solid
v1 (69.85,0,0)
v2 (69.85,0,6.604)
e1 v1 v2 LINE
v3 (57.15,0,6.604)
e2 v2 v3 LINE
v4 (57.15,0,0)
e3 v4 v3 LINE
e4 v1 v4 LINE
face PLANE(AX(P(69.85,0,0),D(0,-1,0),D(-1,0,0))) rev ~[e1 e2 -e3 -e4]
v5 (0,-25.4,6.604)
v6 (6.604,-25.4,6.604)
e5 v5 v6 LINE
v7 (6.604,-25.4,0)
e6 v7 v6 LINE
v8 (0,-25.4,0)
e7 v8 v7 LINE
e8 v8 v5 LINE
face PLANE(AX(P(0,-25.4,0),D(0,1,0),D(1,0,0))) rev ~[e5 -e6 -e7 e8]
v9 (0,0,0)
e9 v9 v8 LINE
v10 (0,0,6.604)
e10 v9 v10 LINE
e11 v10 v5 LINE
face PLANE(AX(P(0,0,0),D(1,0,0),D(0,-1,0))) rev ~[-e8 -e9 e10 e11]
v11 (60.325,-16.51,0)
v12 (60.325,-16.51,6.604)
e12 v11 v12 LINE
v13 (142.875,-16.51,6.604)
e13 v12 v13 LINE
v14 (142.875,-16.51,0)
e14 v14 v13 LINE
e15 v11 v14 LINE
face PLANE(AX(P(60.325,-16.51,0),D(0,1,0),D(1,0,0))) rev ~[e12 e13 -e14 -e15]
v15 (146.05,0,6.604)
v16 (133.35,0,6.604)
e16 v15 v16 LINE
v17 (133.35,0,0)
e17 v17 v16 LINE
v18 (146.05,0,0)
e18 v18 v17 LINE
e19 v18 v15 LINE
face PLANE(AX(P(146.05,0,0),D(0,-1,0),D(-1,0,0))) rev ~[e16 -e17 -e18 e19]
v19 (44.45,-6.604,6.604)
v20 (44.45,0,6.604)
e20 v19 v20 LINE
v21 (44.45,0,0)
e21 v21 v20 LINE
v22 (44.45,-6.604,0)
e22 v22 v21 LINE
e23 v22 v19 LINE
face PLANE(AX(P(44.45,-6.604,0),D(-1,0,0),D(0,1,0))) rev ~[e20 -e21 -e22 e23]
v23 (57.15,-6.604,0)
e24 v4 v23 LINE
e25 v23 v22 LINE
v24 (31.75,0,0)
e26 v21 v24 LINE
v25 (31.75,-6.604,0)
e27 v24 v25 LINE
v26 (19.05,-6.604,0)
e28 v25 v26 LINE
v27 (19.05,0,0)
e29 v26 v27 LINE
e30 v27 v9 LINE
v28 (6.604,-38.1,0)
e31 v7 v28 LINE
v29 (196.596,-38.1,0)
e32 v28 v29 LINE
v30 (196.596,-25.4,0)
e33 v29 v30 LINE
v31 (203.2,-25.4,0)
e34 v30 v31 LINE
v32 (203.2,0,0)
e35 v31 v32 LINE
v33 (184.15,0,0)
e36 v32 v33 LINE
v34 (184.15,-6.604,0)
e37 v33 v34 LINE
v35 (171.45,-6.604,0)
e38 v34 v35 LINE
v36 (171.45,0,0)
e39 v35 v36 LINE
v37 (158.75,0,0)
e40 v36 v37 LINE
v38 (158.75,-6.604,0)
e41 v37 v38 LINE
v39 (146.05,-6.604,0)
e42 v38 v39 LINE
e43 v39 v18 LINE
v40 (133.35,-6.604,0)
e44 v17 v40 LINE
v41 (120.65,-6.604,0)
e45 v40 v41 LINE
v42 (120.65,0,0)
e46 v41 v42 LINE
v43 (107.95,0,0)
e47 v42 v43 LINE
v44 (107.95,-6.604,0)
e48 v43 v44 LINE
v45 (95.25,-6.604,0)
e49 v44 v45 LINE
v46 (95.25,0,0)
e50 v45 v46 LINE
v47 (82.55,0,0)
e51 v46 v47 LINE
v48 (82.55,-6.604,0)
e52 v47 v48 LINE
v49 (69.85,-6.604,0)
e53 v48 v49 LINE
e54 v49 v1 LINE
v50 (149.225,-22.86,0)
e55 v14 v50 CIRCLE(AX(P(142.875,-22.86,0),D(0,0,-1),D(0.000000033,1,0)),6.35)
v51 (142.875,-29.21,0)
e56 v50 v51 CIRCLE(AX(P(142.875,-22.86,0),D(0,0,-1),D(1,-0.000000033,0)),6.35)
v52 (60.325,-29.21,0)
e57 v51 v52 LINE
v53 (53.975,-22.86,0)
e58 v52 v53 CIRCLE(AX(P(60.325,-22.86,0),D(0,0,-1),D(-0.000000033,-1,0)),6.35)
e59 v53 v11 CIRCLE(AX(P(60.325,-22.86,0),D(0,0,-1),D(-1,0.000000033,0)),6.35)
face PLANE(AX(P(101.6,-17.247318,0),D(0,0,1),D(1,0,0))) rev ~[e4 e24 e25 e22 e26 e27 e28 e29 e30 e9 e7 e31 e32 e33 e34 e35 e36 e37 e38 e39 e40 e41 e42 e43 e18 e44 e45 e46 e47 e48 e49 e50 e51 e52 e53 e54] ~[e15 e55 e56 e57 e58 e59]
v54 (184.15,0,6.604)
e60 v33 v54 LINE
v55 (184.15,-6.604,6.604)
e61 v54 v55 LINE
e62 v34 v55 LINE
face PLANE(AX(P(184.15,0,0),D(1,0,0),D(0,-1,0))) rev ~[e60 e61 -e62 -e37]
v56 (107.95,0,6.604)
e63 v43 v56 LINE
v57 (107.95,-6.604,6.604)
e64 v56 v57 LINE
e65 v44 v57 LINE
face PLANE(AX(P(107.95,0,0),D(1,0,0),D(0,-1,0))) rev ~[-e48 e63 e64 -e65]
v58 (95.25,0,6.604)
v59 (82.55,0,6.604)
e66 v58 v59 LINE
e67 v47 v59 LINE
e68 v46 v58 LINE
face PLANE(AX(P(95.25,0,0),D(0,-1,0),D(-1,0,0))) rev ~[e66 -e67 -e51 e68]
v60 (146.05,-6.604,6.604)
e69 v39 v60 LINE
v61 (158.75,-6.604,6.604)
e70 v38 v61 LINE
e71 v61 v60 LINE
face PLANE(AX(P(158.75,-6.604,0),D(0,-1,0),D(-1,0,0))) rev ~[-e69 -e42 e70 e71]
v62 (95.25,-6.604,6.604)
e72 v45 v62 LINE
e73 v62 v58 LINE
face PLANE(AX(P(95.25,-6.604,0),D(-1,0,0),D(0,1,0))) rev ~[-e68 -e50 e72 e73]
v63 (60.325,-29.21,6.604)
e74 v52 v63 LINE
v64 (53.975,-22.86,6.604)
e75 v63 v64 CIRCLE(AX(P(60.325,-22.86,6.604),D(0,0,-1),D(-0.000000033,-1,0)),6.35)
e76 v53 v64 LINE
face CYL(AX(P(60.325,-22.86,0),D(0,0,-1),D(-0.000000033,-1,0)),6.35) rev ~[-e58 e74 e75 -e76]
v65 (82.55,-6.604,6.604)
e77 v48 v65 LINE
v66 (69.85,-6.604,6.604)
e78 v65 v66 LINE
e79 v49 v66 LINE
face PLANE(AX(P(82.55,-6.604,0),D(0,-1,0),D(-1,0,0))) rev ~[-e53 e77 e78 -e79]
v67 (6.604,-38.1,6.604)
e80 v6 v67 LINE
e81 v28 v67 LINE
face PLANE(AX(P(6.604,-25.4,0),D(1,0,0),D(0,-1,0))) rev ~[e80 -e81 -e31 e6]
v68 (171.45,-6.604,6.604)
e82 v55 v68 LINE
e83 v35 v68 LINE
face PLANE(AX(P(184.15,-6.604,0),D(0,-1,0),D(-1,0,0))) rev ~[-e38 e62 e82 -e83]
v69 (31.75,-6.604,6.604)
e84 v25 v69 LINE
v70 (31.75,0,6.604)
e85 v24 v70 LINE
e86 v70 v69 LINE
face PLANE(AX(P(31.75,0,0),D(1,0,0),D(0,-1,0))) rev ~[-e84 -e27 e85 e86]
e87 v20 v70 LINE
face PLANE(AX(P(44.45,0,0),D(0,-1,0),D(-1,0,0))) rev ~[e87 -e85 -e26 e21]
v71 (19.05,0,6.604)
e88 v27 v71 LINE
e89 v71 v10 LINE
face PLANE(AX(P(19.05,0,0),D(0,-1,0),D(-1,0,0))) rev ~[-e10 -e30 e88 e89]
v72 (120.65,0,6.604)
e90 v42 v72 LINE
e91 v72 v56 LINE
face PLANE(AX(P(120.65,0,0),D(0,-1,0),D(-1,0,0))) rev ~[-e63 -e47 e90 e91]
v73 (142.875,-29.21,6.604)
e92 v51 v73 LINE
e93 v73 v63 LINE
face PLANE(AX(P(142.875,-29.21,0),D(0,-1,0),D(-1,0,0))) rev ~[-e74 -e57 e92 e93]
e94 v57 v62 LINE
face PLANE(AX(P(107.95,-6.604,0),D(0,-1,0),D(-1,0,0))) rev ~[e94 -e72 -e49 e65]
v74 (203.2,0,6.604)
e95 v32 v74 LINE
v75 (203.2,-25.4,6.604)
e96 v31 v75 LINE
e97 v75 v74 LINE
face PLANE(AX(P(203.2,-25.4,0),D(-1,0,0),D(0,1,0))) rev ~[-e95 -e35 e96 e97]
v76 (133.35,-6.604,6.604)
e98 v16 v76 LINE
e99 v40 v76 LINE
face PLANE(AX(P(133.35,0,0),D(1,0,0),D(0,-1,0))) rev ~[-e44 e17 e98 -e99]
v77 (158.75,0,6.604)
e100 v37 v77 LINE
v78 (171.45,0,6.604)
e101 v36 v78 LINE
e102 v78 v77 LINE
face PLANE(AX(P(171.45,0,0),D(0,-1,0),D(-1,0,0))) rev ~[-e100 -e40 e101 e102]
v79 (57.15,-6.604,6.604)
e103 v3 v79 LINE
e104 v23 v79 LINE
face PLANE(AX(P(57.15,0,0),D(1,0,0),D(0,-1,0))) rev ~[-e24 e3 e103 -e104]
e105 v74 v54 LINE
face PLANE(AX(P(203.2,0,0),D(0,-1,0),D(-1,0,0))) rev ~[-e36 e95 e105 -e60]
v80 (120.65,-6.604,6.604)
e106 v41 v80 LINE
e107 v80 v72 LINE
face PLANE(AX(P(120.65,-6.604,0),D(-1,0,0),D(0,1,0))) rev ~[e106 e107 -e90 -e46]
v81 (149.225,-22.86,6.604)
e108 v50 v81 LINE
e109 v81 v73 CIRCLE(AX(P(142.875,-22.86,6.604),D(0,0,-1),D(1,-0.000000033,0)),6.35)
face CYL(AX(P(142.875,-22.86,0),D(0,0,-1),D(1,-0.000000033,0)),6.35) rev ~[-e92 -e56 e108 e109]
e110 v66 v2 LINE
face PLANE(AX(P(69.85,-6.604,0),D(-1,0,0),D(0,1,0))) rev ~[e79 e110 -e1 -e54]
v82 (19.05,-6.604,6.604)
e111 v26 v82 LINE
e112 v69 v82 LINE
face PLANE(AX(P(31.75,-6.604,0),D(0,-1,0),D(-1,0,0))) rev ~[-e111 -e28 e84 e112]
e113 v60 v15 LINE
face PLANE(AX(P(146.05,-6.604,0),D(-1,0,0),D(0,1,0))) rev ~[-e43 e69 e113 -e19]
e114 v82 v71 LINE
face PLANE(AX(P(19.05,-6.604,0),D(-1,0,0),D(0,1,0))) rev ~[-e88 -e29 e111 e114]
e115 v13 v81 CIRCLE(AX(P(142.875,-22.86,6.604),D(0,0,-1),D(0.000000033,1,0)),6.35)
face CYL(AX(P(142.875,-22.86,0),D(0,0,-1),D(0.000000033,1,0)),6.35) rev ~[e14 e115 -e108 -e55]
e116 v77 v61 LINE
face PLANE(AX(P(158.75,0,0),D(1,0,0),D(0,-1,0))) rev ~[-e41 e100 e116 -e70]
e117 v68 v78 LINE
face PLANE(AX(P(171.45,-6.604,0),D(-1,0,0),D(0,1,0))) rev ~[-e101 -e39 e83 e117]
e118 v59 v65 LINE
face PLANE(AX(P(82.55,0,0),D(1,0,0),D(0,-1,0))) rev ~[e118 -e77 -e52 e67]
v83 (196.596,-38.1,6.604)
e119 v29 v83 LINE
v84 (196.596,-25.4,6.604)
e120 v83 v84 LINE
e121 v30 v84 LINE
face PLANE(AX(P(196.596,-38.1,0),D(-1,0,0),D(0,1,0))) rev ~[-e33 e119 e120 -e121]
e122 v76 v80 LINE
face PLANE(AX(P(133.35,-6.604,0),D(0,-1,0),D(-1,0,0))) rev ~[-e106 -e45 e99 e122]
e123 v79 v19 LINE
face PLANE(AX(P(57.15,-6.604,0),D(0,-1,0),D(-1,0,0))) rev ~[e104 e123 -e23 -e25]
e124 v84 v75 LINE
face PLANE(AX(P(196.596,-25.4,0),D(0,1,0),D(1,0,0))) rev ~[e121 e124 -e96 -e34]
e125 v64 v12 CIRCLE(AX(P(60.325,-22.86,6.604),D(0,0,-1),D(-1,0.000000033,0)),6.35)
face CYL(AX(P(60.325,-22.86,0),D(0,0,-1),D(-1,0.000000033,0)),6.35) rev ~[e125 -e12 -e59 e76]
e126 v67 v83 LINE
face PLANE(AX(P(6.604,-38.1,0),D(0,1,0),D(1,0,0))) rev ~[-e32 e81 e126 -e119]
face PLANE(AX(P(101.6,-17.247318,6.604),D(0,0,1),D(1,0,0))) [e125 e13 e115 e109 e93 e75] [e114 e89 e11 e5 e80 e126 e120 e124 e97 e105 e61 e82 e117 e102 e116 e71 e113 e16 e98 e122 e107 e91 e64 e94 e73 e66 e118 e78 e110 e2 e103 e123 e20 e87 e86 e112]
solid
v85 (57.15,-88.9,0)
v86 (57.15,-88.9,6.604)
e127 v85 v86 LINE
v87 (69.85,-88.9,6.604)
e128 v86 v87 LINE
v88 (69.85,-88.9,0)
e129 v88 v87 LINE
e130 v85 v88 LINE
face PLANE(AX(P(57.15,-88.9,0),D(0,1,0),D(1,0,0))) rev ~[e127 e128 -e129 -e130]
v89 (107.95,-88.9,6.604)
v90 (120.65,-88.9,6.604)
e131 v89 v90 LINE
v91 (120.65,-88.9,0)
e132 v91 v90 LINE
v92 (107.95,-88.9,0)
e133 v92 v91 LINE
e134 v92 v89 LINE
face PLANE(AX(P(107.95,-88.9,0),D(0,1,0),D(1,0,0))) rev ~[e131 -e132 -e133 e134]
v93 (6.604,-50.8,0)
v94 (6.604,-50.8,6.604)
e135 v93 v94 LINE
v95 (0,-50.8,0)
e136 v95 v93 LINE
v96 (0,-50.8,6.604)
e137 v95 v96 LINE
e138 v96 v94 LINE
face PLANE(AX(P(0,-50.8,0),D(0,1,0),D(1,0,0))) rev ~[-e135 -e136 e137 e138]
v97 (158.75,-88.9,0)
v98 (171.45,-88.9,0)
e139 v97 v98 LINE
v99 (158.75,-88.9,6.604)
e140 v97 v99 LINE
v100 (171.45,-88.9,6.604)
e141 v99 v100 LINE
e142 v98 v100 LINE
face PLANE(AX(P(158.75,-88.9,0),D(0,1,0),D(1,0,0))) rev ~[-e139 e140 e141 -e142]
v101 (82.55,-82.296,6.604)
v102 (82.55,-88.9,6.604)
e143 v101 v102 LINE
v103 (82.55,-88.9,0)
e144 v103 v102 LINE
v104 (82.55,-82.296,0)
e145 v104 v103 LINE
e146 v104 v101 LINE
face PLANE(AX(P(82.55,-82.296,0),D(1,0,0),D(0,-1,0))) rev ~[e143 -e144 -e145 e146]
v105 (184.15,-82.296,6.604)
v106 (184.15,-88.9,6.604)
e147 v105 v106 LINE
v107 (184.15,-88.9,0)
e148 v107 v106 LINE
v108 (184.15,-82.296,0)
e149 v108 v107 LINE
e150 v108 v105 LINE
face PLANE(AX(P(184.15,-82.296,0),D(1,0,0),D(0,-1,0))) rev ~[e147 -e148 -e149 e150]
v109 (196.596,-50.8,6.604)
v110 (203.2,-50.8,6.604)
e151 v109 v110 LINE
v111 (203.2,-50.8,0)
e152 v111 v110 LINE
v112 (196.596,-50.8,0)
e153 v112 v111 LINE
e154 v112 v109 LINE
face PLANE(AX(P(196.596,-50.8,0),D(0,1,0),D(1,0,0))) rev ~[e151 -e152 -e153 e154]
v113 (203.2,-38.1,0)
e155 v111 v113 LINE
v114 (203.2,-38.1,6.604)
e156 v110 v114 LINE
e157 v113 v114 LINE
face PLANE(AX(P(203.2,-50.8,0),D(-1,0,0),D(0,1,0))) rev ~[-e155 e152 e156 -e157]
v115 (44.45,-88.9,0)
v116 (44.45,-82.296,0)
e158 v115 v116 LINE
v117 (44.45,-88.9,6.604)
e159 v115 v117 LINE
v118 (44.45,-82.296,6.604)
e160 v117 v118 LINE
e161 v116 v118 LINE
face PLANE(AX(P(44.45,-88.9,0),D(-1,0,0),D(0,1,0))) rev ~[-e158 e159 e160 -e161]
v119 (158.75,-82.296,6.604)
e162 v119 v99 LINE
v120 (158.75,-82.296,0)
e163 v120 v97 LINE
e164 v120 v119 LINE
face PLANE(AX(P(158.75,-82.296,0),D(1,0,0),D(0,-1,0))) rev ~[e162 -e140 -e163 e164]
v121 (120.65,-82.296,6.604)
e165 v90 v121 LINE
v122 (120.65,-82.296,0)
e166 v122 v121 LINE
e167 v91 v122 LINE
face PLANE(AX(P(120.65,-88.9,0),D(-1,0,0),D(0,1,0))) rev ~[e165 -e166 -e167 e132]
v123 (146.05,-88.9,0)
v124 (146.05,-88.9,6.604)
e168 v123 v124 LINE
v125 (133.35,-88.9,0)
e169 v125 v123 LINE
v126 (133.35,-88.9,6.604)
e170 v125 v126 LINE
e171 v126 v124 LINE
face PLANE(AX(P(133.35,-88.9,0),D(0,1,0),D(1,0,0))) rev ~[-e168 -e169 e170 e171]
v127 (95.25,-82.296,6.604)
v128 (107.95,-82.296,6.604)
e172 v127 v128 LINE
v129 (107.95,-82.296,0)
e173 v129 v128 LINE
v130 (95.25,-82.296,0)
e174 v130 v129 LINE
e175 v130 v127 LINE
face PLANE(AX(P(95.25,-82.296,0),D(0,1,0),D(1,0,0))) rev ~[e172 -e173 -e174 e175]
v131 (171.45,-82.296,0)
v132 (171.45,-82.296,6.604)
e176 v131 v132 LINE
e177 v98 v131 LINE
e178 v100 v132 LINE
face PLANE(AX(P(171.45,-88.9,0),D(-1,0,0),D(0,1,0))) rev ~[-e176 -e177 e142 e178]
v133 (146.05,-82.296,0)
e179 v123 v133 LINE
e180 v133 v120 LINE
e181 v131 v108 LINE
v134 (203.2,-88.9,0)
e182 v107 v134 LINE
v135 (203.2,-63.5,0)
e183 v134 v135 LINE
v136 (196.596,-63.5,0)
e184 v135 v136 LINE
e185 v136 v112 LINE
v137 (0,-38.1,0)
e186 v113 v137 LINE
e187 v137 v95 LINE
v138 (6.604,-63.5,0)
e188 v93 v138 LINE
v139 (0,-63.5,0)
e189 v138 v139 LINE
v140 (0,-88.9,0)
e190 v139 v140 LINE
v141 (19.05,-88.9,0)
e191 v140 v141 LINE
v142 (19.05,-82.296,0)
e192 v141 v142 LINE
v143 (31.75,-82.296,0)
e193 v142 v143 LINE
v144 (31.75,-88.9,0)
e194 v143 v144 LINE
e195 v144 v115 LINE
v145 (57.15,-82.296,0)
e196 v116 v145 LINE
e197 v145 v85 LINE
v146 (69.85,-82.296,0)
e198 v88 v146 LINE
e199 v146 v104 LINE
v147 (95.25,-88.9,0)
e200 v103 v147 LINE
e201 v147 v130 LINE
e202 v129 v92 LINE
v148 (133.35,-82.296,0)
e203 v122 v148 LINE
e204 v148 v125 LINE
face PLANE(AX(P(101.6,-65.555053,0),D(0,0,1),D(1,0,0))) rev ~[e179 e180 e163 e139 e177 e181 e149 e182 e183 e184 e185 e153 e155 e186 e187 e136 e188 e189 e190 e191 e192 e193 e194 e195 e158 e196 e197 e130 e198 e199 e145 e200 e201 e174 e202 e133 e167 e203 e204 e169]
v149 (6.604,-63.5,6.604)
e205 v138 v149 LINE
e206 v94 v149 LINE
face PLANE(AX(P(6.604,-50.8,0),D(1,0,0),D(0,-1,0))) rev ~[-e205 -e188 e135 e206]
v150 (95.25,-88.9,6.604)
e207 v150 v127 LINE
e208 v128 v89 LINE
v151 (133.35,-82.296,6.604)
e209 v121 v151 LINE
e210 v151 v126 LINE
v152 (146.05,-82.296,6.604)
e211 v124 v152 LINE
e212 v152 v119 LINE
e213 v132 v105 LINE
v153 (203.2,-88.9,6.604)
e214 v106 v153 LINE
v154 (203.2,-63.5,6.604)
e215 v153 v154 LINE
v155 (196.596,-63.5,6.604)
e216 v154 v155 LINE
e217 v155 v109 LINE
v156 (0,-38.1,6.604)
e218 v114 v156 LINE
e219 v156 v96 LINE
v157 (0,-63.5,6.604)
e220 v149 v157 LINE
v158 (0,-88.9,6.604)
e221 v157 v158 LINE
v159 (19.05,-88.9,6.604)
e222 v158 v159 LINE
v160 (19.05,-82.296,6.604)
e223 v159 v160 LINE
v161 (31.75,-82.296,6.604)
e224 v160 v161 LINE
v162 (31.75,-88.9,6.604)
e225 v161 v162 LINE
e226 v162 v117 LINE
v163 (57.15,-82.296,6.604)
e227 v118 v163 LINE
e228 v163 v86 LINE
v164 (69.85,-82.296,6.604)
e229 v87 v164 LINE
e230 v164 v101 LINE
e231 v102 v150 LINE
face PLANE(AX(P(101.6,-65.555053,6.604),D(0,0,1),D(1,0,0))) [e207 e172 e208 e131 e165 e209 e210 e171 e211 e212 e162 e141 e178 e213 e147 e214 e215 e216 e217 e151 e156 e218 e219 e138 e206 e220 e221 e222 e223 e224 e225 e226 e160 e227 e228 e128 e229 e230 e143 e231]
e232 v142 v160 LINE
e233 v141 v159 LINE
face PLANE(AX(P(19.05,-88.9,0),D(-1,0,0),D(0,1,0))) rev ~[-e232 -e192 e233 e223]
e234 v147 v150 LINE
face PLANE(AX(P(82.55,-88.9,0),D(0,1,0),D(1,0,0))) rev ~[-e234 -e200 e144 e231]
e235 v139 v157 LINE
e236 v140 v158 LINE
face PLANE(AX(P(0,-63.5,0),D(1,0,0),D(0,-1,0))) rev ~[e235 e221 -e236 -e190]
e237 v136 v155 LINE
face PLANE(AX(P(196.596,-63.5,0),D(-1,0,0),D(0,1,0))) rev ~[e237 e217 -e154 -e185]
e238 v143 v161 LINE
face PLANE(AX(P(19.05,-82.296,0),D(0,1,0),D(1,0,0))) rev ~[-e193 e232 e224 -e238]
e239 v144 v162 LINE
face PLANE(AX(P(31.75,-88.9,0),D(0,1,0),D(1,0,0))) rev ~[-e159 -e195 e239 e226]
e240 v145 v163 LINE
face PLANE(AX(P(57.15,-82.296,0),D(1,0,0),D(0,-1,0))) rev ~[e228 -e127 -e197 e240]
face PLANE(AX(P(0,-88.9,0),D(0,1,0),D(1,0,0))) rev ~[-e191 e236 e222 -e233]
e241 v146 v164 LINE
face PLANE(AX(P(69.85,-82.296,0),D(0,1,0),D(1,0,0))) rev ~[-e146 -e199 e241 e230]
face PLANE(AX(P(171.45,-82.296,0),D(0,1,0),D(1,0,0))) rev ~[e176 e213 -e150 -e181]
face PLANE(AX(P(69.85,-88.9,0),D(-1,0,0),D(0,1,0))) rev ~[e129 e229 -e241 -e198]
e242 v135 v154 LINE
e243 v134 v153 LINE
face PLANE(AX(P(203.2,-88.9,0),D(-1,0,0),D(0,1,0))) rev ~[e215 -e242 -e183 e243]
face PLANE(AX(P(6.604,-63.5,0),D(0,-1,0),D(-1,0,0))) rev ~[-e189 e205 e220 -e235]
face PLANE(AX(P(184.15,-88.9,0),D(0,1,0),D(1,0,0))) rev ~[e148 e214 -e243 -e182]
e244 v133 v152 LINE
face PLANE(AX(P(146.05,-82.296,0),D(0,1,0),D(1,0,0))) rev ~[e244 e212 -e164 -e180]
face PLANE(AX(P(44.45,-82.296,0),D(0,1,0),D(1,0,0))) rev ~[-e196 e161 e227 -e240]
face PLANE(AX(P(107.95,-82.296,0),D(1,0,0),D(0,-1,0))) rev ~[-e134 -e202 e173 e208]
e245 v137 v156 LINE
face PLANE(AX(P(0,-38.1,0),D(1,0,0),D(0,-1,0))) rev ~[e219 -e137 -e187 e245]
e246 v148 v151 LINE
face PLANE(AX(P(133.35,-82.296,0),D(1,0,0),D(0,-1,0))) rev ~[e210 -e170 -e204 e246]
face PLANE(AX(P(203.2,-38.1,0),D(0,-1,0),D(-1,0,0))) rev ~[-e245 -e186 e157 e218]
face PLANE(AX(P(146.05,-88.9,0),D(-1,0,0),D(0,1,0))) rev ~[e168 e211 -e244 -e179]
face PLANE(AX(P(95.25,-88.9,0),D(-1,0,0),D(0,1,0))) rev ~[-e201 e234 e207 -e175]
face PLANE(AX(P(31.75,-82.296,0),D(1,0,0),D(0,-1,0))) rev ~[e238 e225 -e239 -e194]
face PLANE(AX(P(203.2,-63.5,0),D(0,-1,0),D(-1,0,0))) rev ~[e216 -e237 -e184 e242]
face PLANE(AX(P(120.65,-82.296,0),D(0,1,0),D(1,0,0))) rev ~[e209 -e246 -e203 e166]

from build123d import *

# Parameters (mm, degrees)
F1_DEPTH = 6.604
F2_DEPTH = 6.604


with BuildPart() as f1:
    # F0 (on Top) → F1 (new body)
    with BuildSketch(Plane.XY):
        Polygon((19.05, 0), (0, 0), (0, -25.4), (6.604, -25.4), (6.604, -38.1), (196.596, -38.1), (196.596, -25.4), (203.2, -25.4), (203.2, 0), (184.15, 0), (184.15, -6.604), (171.45, -6.604), (171.45, 0), (158.75, 0), (158.75, -6.604), (146.05, -6.604), (146.05, 0), (133.35, 0), (133.35, -6.604), (120.65, -6.604), (120.65, 0), (107.95, 0), (107.95, -6.604), (95.25, -6.604), (95.25, 0), (82.55, 0), (82.55, -6.604), (69.85, -6.604), (69.85, 0), (57.15, 0), (57.15, -6.604), (44.45, -6.604), (44.45, 0), (31.75, 0), (31.75, -6.604), (19.05, -6.604), align=None)
        with BuildLine():
            ThreePointArc((53.975, -22.86), (55.834872, -18.369872), (60.325, -16.51))
            Line((60.325, -16.51), (142.875, -16.51))
            ThreePointArc((142.875, -16.51), (147.365128, -18.369872), (149.225, -22.86))
            ThreePointArc((149.225, -22.86), (147.365128, -27.350128), (142.875, -29.21))
            Line((142.875, -29.21), (60.325, -29.21))
            ThreePointArc((60.325, -29.21), (55.834872, -27.350128), (53.975, -22.86))
        make_face(mode=Mode.SUBTRACT)
    extrude(amount=F1_DEPTH)


with BuildPart() as f2:
    # F0 (on Top) → F2 (new body)
    with BuildSketch(Plane.XY):
        Polygon((196.596, -38.1), (6.604, -38.1), (0, -38.1), (0, -50.8), (6.604, -50.8), (6.604, -63.5), (0, -63.5), (0, -88.9), (19.05, -88.9), (19.05, -82.296), (31.75, -82.296), (31.75, -88.9), (44.45, -88.9), (44.45, -82.296), (57.15, -82.296), (57.15, -88.9), (69.85, -88.9), (69.85, -82.296), (82.55, -82.296), (82.55, -88.9), (95.25, -88.9), (95.25, -82.296), (107.95, -82.296), (107.95, -88.9), (120.65, -88.9), (120.65, -82.296), (133.35, -82.296), (133.35, -88.9), (146.05, -88.9), (146.05, -82.296), (158.75, -82.296), (158.75, -88.9), (171.45, -88.9), (171.45, -82.296), (184.15, -82.296), (184.15, -88.9), (203.2, -88.9), (203.2, -63.5), (196.596, -63.5), (196.596, -50.8), (203.2, -50.8), (203.2, -38.1), align=None)
    extrude(amount=F2_DEPTH)


solid = Compound([f1.part, f2.part])
